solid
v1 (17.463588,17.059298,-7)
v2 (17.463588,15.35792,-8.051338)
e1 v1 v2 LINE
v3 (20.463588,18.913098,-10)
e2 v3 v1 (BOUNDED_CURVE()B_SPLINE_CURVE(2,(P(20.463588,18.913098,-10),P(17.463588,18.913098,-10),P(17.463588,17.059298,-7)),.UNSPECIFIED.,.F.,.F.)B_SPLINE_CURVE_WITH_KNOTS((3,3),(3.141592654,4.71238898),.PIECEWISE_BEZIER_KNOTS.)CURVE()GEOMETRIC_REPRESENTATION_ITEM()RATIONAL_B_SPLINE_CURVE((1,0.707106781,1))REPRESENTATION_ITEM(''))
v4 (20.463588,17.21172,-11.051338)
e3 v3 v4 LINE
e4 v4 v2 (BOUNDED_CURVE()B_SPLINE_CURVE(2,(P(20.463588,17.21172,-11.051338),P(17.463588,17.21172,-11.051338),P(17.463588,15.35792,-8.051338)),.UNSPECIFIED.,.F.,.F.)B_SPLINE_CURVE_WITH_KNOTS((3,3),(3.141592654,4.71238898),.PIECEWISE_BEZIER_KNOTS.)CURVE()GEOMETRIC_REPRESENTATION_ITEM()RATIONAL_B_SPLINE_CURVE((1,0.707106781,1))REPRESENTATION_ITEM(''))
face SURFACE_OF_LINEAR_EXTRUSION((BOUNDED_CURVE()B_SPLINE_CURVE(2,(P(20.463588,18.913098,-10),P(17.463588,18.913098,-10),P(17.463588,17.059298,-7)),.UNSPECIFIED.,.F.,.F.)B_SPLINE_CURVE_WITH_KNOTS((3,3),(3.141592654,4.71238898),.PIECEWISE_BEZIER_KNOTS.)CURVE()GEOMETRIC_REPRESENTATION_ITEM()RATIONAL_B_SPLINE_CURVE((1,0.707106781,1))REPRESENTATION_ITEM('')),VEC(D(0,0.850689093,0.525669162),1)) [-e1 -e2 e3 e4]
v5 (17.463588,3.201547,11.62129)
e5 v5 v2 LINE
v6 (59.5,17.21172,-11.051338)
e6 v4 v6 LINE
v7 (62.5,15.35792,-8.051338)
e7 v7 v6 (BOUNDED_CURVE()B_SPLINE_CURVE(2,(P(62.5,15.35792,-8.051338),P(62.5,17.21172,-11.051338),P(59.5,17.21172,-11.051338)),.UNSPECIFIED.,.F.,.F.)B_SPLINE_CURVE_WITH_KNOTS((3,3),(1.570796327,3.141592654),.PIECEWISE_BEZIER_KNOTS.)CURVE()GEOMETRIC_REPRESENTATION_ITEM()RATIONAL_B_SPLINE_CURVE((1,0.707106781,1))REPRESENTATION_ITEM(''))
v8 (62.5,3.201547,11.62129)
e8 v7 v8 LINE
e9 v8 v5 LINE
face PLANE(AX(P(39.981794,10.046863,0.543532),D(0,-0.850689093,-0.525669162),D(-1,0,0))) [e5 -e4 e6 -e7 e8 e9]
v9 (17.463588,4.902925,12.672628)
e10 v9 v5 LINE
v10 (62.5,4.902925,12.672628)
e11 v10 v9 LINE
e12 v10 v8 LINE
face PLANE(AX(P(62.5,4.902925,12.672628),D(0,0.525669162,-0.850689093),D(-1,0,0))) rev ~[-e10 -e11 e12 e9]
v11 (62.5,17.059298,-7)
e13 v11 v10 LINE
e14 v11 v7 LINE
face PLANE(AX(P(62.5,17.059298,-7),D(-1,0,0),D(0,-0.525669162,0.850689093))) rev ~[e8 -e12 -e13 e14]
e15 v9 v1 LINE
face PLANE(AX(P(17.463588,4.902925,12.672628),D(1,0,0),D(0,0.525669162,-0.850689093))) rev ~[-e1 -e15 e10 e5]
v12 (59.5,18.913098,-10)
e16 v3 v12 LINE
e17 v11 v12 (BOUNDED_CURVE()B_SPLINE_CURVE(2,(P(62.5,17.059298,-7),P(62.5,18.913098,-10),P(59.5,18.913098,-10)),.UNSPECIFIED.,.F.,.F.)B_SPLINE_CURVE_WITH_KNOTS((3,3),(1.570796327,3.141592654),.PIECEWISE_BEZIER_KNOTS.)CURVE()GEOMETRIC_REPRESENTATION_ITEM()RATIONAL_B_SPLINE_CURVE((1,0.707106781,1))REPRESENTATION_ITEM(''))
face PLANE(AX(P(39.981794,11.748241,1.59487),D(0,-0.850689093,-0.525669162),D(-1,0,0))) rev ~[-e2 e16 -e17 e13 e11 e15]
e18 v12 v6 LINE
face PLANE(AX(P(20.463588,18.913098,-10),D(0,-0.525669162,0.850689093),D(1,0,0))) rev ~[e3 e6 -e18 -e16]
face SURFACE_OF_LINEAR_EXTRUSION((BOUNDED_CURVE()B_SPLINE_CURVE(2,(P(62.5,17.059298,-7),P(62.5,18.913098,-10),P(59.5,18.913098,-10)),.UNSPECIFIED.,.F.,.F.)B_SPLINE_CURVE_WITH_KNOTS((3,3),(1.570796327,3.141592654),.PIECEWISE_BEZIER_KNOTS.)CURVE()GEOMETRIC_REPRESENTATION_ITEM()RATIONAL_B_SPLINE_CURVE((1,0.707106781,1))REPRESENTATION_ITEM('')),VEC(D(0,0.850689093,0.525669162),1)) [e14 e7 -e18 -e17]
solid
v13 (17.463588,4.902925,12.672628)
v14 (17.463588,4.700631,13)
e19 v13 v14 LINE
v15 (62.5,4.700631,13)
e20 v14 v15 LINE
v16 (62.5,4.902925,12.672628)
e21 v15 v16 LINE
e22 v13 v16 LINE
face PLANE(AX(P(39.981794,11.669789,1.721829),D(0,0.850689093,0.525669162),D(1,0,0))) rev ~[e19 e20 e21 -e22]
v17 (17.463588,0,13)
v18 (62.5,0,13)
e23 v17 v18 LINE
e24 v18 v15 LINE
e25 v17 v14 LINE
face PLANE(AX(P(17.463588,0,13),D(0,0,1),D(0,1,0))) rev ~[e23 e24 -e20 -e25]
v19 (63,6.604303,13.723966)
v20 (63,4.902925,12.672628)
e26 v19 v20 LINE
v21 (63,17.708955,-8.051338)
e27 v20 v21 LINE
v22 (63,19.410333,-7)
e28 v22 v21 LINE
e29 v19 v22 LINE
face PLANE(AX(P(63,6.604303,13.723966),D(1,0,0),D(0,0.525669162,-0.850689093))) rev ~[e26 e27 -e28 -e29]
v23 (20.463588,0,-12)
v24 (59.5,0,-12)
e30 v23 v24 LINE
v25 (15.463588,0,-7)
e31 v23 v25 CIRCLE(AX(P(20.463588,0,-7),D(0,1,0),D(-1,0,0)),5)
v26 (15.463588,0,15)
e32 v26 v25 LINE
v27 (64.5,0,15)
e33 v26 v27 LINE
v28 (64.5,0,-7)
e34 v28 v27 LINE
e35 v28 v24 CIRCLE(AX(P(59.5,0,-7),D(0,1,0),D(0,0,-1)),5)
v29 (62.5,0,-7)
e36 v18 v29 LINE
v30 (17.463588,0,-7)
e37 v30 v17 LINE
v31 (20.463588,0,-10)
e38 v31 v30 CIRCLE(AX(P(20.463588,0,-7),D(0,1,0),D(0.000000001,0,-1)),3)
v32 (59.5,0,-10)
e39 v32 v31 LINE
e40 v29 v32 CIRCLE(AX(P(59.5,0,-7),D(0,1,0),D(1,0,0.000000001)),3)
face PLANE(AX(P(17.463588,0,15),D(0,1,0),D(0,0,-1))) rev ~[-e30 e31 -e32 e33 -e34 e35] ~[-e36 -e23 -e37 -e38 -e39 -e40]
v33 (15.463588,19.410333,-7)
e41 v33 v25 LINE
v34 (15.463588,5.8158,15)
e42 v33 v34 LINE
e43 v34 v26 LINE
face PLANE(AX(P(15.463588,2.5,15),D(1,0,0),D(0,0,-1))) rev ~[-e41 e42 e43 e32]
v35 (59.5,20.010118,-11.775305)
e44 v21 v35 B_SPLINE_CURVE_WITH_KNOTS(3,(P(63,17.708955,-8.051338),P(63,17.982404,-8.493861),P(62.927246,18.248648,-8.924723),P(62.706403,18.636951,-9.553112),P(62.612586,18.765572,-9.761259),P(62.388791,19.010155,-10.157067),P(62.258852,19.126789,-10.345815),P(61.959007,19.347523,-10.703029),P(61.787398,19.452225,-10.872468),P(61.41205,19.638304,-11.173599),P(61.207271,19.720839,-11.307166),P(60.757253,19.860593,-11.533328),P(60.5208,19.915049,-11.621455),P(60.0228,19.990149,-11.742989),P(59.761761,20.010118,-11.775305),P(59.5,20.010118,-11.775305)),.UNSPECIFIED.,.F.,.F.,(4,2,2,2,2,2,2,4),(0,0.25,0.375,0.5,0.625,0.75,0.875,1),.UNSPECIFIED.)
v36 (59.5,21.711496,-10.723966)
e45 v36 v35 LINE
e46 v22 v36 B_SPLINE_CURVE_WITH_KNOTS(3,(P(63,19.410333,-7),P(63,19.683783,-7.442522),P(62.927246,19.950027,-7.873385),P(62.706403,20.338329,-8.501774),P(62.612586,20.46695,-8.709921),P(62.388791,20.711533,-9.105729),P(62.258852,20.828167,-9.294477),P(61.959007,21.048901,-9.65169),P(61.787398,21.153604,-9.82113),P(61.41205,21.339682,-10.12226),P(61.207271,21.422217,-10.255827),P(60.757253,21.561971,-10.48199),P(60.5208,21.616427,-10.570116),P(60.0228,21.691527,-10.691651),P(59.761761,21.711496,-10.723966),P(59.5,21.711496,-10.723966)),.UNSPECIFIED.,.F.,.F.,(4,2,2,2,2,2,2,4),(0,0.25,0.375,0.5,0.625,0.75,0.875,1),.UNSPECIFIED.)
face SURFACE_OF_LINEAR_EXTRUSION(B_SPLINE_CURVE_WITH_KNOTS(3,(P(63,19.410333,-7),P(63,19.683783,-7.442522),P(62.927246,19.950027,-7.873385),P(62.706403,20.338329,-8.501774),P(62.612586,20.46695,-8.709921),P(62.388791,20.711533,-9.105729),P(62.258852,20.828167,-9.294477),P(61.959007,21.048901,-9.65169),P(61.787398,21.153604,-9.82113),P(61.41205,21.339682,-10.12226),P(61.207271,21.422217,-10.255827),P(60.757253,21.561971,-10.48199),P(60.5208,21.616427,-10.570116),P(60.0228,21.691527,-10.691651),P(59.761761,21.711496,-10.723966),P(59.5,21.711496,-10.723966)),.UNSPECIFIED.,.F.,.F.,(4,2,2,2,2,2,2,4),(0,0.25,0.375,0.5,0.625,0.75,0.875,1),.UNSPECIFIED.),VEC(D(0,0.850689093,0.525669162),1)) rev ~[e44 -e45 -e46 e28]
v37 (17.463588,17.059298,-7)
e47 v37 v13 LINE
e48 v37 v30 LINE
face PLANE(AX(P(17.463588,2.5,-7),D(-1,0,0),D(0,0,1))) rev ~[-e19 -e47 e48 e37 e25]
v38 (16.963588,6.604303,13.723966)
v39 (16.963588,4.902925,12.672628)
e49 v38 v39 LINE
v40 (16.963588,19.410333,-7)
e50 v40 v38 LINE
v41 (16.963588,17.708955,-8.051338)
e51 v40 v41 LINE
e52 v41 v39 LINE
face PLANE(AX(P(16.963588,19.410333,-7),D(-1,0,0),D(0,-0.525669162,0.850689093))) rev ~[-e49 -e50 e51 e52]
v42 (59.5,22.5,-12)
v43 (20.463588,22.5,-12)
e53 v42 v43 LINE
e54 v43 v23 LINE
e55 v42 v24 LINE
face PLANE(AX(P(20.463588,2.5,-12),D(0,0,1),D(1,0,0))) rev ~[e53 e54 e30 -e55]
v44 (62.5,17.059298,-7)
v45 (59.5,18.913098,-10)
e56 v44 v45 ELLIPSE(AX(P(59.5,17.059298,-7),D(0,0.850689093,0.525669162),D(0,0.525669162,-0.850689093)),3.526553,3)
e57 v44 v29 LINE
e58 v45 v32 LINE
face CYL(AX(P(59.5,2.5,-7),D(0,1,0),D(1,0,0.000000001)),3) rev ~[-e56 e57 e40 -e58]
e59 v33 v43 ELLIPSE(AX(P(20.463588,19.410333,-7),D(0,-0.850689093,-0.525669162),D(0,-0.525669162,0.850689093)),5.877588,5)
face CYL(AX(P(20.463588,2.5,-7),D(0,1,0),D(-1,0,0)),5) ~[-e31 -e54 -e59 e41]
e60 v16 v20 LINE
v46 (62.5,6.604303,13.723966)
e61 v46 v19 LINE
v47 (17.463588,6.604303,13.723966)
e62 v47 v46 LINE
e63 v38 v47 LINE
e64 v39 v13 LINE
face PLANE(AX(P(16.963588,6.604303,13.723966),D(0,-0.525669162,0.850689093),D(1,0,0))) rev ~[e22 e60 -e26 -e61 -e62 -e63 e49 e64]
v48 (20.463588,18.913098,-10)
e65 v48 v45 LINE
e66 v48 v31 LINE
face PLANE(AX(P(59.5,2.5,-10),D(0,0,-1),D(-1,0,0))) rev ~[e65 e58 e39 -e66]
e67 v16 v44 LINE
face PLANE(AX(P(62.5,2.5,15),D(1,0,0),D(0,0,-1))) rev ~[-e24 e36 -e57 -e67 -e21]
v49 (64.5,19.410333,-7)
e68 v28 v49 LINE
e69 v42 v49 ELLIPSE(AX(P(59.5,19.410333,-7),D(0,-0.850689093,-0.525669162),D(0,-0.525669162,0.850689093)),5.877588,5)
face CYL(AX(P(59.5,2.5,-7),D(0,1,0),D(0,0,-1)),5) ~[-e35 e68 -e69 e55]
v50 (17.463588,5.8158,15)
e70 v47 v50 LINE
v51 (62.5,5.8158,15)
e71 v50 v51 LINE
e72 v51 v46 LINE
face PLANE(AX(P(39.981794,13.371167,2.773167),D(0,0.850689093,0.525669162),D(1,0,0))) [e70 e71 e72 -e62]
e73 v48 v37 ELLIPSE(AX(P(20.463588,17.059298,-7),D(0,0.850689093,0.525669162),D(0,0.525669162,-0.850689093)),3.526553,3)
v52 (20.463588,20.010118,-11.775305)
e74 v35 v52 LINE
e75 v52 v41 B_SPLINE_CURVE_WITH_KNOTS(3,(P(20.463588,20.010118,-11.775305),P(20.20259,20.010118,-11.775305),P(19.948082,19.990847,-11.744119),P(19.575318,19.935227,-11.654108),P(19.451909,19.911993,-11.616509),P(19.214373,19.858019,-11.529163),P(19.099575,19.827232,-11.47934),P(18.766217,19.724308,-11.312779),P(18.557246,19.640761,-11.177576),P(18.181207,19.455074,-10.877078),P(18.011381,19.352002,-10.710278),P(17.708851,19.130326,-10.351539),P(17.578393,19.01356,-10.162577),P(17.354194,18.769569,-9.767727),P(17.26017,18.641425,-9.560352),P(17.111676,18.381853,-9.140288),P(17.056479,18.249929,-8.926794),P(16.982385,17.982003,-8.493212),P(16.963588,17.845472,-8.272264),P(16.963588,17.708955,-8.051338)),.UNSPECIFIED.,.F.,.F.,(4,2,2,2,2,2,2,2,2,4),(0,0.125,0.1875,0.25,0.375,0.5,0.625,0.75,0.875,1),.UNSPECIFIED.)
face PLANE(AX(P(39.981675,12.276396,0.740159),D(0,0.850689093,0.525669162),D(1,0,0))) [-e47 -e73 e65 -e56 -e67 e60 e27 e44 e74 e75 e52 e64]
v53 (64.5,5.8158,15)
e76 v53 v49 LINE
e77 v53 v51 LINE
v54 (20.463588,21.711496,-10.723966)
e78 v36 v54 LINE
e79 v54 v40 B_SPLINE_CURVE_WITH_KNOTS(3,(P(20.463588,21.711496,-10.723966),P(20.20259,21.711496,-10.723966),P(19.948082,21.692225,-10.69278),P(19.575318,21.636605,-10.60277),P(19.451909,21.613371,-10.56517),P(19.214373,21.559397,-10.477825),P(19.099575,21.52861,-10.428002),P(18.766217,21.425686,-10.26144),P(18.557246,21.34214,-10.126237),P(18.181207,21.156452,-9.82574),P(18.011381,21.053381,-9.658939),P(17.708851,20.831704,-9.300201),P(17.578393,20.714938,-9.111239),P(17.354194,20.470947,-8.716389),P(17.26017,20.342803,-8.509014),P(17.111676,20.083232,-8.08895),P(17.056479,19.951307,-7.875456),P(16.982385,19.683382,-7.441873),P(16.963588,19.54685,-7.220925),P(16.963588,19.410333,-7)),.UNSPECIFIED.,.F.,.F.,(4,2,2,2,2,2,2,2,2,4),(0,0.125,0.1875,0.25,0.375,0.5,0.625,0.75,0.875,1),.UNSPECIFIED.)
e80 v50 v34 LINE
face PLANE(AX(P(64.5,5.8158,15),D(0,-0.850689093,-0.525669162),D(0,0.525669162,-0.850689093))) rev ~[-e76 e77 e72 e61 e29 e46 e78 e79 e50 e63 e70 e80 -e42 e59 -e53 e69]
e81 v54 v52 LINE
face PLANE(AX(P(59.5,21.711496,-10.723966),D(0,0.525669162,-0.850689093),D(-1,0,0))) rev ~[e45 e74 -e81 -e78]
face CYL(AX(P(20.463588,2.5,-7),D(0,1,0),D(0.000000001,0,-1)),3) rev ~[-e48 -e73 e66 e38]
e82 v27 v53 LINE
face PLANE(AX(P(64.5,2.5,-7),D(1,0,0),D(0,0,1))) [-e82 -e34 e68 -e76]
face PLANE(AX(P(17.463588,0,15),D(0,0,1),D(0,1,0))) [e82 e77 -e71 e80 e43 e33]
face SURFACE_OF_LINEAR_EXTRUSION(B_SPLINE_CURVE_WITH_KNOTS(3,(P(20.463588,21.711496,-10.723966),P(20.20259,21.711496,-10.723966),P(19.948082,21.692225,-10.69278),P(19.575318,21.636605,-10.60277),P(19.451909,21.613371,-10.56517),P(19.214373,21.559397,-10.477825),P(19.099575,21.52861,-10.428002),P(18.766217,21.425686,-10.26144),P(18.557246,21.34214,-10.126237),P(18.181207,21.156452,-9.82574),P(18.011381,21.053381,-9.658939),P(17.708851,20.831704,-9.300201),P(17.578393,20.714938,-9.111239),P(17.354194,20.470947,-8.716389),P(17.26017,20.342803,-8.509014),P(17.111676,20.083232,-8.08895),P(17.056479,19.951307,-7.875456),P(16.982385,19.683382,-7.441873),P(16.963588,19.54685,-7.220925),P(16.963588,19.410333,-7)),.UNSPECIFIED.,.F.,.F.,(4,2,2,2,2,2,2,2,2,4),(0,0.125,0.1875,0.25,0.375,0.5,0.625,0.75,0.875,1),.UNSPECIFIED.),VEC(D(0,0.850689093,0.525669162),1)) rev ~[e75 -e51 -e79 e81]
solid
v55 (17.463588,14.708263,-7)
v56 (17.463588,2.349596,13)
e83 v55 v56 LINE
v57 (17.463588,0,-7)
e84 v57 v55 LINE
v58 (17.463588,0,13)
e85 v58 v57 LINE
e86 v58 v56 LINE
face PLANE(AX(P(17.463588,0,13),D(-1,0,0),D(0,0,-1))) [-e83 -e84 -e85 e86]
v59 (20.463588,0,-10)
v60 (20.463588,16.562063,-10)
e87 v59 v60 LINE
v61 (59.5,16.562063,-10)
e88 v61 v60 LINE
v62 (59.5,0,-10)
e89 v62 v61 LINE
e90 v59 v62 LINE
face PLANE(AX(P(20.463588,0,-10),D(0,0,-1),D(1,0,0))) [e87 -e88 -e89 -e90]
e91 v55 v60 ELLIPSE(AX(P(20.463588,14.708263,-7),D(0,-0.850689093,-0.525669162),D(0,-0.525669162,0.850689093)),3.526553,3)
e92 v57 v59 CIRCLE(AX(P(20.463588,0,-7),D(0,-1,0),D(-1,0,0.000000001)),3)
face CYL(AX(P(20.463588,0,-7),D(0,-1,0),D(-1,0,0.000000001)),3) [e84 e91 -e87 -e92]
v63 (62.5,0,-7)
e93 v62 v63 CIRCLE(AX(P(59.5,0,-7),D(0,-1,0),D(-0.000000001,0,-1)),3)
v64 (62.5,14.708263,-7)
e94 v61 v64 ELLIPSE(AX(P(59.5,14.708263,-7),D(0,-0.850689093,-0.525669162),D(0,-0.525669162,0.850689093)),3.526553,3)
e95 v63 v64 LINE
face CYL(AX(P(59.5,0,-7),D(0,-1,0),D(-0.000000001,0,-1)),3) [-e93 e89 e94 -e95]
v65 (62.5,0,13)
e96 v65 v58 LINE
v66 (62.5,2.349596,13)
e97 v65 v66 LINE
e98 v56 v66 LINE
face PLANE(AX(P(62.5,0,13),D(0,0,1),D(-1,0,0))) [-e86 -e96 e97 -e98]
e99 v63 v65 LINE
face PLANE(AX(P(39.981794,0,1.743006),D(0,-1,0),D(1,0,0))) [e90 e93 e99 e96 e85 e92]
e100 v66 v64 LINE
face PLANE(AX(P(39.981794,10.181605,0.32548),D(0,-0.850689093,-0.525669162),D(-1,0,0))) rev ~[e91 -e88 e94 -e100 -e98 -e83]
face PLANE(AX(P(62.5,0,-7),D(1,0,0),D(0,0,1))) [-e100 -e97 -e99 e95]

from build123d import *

# Parameters (mm, degrees)
SKETCH1_W           = 135
SKETCH1_H           = 30
BOSS_EXTRUDE1_DEPTH = 2.5
CUT_EXTRUDE1_DEPTH  = 3.5
BOSS_EXTRUDE2_DEPTH = 25
CUT_EXTRUDE2_DEPTH  = 3.5
CUT_EXTRUDE3_DEPTH  = 133
BOSS_EXTRUDE3_DEPTH = 2
SKETCH7_W           = 2
SKETCH7_H           = 5.815799519
BOSS_EXTRUDE4_DEPTH = 45.036412
CUT_EXTRUDE4_DEPTH  = 2
BOSS_EXTRUDE6_DEPTH = 2
BOSS_EXTRUDE8_REACH = 24.5
CUT_EXTRUDE5_DEPTH  = 10


with BuildPart() as part:
    # Sketch1 → Boss-Extrude1 (new body)
    with BuildSketch(Plane(origin=(0, 0, 0), x_dir=(1, 0, 0), z_dir=(0, 1, 0))):
        Rectangle(SKETCH1_W, SKETCH1_H)
    extrude(amount=BOSS_EXTRUDE1_DEPTH)

    # Sketch2 → Cut-Extrude1 (cut, through all)
    with BuildSketch(Plane(origin=(0, 2.5, 0), x_dir=(1, 0, 0), z_dir=(0, 1, 0))):
        Polygon((-67.5, 12), (0, 14.8), (67.5, 12), (67.5, 15), (-67.5, 15), align=None)
    extrude(amount=-CUT_EXTRUDE1_DEPTH, mode=Mode.SUBTRACT)

    # Sketch3 → Boss-Extrude2 (add)
    with BuildSketch(Plane(origin=(0, 2.5, 0), x_dir=(1, 0, 0), z_dir=(0, 1, 0))):
        with BuildLine():
            Line((62.5, -15), (62.5, 7))
            ThreePointArc((62.5, 7), (61.621320344, 9.121320344), (59.5, 10))
            Line((59.5, 10), (20.463588448, 10))
            ThreePointArc((20.463588448, 10), (18.342268104, 9.121320344), (17.463588448, 7))
            Line((17.463588448, 7), (17.463588448, -15))
            Line((17.463588448, -15), (15.463588448, -15))
            Line((15.463588448, -15), (15.463588448, 7))
            ThreePointArc((15.463588448, 7), (16.928054542, 10.535533906), (20.463588448, 12))
            Line((20.463588448, 12), (59.5, 12))
            ThreePointArc((59.5, 12), (63.035533906, 10.535533906), (64.5, 7))
            Line((64.5, 7), (64.5, -15))
            Line((64.5, -15), (62.5, -15))
        make_face()
    extrude(amount=BOSS_EXTRUDE2_DEPTH)

    # Sketch4 → Cut-Extrude2 (cut, through all)
    with BuildSketch(Plane(origin=(0, 2.5, 0), x_dir=(1, 0, 0), z_dir=(0, 1, 0))):
        with BuildLine():
            Line((62.5, -15), (62.5, 7))
            ThreePointArc((62.5, 7), (61.621320344, 9.121320344), (59.5, 10))
            Line((59.5, 10), (20.463588448, 10))
            ThreePointArc((20.463588448, 10), (18.342268104, 9.121320344), (17.463588448, 7))
            Line((17.463588448, 7), (17.463588448, -15))
            Line((17.463588448, -15), (62.5, -15))
        make_face()
    extrude(amount=-CUT_EXTRUDE2_DEPTH, mode=Mode.SUBTRACT)

    # Sketch5 → Cut-Extrude3 (cut, through all)
    with BuildSketch(Plane(origin=(64.5, 0, 0), x_dir=(0, 0, -1), z_dir=(1, 0, 0))):
        Polygon((-15, 5.815799519), (12, 22.5), (12, 27.5), (-15, 27.5), align=None)
    extrude(amount=-CUT_EXTRUDE3_DEPTH, mode=Mode.SUBTRACT)

    # Sketch6 → Boss-Extrude3 (add)
    with BuildSketch(Plane(origin=(0, 10.91644621, 6.745636189), x_dir=(1, 0, 0), z_dir=(0, 0.850689093, 0.525669162))):
        with BuildLine():
            Line((62.5, -9.703149931), (62.5, 16.158237255))
            add(Edge.make_bspline(
                [(62.5, 16.158237255), (62.5, 19.684790054), (59.5, 19.684790054)],
                knots=[1.570796327, 1.570796327, 1.570796327, 3.141592654, 3.141592654, 3.141592654], degree=2, weights=[1, 0.707106781, 1]))
            Line((59.5, 19.684790054), (20.463588448, 19.684790054))
            add(Edge.make_bspline(
                [(20.463588448, 19.684790054), (17.463588448, 19.684790054), (17.463588448, 16.158237255)],
                knots=[3.141592654, 3.141592654, 3.141592654, 4.71238898, 4.71238898, 4.71238898], degree=2, weights=[1, 0.707106781, 1]))
            Line((17.463588448, 16.158237255), (17.463588448, -9.703149931))
            Line((17.463588448, -9.703149931), (62.5, -9.703149931))
        make_face()
    extrude(amount=-BOSS_EXTRUDE3_DEPTH)

    # Sketch7 → Boss-Extrude4 (add)
    with BuildSketch(Plane(origin=(17.463588448, 0, 0), x_dir=(0, 0, -1), z_dir=(1, 0, 0))):
        with Locations((-14, 2.90789976)):
            Rectangle(SKETCH7_W, SKETCH7_H)
    extrude(amount=BOSS_EXTRUDE4_DEPTH)

    # Sketch8 → Cut-Extrude4 (cut)
    with BuildSketch(Plane(origin=(0, 10.91644621, 6.745636189), x_dir=(1, 0, 0), z_dir=(0, 0.850689093, 0.525669162))):
        with BuildLine():
            Line((16.963588448, -8.203149931), (63, -8.203149931))
            Line((63, -8.203149931), (63, 16.158237255))
            add(Edge.make_bspline(
                [(63, 16.158237255), (63, 16.678430051), (62.927246406, 17.184916133), (62.706402595, 17.923598547), (62.612586146, 18.168278902), (62.388791314, 18.633558431), (62.258852125, 18.855435186), (61.959006889, 19.275346047), (61.787397581, 19.474525186), (61.412050459, 19.828509286), (61.207271339, 19.985519424), (60.75725336, 20.25137755), (60.520800183, 20.354971762), (60.022800139, 20.497837607), (59.761760868, 20.535825252), (59.5, 20.535825252)],
                knots=[0, 0, 0, 0, 0.25, 0.25, 0.375, 0.375, 0.5, 0.5, 0.625, 0.625, 0.75, 0.75, 0.875, 0.875, 1, 1, 1, 1], degree=3))
            Line((59.5, 20.535825252), (20.463588448, 20.535825252))
            add(Edge.make_bspline(
                [(20.463588448, 20.535825252), (20.202590256, 20.535825252), (19.94808239, 20.499165485), (19.575317783, 20.393356351), (19.451909017, 20.349157798), (19.214372721, 20.246481447), (19.099575132, 20.187913614), (18.766217208, 19.992117688), (18.557246112, 19.833184369), (18.181207194, 19.479944242), (18.011381469, 19.283867426), (17.708851233, 18.862163664), (17.578392986, 18.640035937), (17.35419362, 18.175882409), (17.260169716, 17.932109778), (17.111675708, 17.438316882), (17.05647927, 17.187351348), (16.982384638, 16.677667191), (16.963588448, 16.417938824), (16.963588448, 16.158237255)],
                knots=[0, 0, 0, 0, 0.125, 0.125, 0.1875, 0.1875, 0.25, 0.25, 0.375, 0.375, 0.5, 0.5, 0.625, 0.625, 0.75, 0.75, 0.875, 0.875, 1, 1, 1, 1], degree=3))
            Line((16.963588448, 16.158237255), (16.963588448, -8.203149931))
        make_face()
    extrude(amount=-CUT_EXTRUDE4_DEPTH, mode=Mode.SUBTRACT)

    # Sketch13 → Cut-Extrude5 (cut)
    with BuildSketch(Plane(origin=(0, 2.5, 0), x_dir=(1, 0, 0), z_dir=(0, 1, 0))):
        with BuildLine():
            Line((15.463588448, -15), (15.463588448, 7))
            ThreePointArc((15.463588448, 7), (16.928054542, 10.535533906), (20.463588448, 12))
            Line((20.463588448, 12), (59.5, 12))
            ThreePointArc((59.5, 12), (63.035533906, 10.535533906), (64.5, 7))
            Line((64.5, 7), (64.5, -15))
            Line((64.5, -15), (67.5, -15))
            Line((67.5, -15), (67.5, 12))
            Line((67.5, 12), (0, 14.8))
            Line((0, 14.8), (-67.5, 12))
            Line((-67.5, 12), (-67.5, -15))
            Line((-67.5, -15), (15.463588448, -15))
        make_face()
    extrude(amount=-CUT_EXTRUDE5_DEPTH, mode=Mode.SUBTRACT)


with BuildPart() as body_2:
    # Sketch10 → Boss-Extrude6 (new body)
    with BuildSketch(Plane(origin=(0, 9.215068025, 5.694297866), x_dir=(1, 0, 0), z_dir=(0, 0.850689093, 0.525669162))):
        with BuildLine():
            Line((20.463588448, 18.448923351), (59.5, 18.448923351))
            add(Edge.make_bspline(
                [(62.5, 14.922370553), (62.5, 18.448923351), (59.5, 18.448923351)],
                knots=[1.570796327, 1.570796327, 1.570796327, 3.141592654, 3.141592654, 3.141592654], degree=2, weights=[1, 0.707106781, 1]))
            Line((62.5, 14.922370553), (62.5, -8.203149931))
            Line((62.5, -8.203149931), (17.463588448, -8.203149931))
            Line((17.463588448, -8.203149931), (17.463588448, 14.922370553))
            add(Edge.make_bspline(
                [(20.463588448, 18.448923351), (17.463588448, 18.448923351), (17.463588448, 14.922370553)],
                knots=[3.141592654, 3.141592654, 3.141592654, 4.71238898, 4.71238898, 4.71238898], degree=2, weights=[1, 0.707106781, 1]))
        make_face()
    extrude(amount=-BOSS_EXTRUDE6_DEPTH)


with BuildPart() as body_3:

    # Boss-Extrude8: up to this face of the body (flat: up to its plane)
    boss_extrude8_end = Plane(body_2.part.faces().sort_by_distance((39.981794224, 10.18160471, 0.325479564))[0])
    # Sketch12 → Boss-Extrude8 (new body, up to the picked face)
    with BuildSketch(Plane.XZ, mode=Mode.PRIVATE) as boss_extrude8_sk1:
        with BuildLine():
            Line((62.5, 13), (17.463588448, 13))
            Line((17.463588448, 13), (17.463588448, -7))
            ThreePointArc((17.463588448, -7), (18.342268104, -9.121320344), (20.463588448, -10))
            Line((20.463588448, -10), (59.5, -10))
            ThreePointArc((59.5, -10), (61.621320344, -9.121320344), (62.5, -7))
            Line((62.5, -7), (62.5, 13))
        make_face()
    boss_extrude8_tool1 = split(extrude(boss_extrude8_sk1.sketch, amount=-BOSS_EXTRUDE8_REACH, mode=Mode.PRIVATE), bisect_by=boss_extrude8_end, keep=Keep.BOTH, mode=Mode.PRIVATE)
    add(boss_extrude8_tool1.solids().sort_by_distance((39.981794, 0, 1.540538))[0])


solid = Compound([part.part, body_2.part, body_3.part])
